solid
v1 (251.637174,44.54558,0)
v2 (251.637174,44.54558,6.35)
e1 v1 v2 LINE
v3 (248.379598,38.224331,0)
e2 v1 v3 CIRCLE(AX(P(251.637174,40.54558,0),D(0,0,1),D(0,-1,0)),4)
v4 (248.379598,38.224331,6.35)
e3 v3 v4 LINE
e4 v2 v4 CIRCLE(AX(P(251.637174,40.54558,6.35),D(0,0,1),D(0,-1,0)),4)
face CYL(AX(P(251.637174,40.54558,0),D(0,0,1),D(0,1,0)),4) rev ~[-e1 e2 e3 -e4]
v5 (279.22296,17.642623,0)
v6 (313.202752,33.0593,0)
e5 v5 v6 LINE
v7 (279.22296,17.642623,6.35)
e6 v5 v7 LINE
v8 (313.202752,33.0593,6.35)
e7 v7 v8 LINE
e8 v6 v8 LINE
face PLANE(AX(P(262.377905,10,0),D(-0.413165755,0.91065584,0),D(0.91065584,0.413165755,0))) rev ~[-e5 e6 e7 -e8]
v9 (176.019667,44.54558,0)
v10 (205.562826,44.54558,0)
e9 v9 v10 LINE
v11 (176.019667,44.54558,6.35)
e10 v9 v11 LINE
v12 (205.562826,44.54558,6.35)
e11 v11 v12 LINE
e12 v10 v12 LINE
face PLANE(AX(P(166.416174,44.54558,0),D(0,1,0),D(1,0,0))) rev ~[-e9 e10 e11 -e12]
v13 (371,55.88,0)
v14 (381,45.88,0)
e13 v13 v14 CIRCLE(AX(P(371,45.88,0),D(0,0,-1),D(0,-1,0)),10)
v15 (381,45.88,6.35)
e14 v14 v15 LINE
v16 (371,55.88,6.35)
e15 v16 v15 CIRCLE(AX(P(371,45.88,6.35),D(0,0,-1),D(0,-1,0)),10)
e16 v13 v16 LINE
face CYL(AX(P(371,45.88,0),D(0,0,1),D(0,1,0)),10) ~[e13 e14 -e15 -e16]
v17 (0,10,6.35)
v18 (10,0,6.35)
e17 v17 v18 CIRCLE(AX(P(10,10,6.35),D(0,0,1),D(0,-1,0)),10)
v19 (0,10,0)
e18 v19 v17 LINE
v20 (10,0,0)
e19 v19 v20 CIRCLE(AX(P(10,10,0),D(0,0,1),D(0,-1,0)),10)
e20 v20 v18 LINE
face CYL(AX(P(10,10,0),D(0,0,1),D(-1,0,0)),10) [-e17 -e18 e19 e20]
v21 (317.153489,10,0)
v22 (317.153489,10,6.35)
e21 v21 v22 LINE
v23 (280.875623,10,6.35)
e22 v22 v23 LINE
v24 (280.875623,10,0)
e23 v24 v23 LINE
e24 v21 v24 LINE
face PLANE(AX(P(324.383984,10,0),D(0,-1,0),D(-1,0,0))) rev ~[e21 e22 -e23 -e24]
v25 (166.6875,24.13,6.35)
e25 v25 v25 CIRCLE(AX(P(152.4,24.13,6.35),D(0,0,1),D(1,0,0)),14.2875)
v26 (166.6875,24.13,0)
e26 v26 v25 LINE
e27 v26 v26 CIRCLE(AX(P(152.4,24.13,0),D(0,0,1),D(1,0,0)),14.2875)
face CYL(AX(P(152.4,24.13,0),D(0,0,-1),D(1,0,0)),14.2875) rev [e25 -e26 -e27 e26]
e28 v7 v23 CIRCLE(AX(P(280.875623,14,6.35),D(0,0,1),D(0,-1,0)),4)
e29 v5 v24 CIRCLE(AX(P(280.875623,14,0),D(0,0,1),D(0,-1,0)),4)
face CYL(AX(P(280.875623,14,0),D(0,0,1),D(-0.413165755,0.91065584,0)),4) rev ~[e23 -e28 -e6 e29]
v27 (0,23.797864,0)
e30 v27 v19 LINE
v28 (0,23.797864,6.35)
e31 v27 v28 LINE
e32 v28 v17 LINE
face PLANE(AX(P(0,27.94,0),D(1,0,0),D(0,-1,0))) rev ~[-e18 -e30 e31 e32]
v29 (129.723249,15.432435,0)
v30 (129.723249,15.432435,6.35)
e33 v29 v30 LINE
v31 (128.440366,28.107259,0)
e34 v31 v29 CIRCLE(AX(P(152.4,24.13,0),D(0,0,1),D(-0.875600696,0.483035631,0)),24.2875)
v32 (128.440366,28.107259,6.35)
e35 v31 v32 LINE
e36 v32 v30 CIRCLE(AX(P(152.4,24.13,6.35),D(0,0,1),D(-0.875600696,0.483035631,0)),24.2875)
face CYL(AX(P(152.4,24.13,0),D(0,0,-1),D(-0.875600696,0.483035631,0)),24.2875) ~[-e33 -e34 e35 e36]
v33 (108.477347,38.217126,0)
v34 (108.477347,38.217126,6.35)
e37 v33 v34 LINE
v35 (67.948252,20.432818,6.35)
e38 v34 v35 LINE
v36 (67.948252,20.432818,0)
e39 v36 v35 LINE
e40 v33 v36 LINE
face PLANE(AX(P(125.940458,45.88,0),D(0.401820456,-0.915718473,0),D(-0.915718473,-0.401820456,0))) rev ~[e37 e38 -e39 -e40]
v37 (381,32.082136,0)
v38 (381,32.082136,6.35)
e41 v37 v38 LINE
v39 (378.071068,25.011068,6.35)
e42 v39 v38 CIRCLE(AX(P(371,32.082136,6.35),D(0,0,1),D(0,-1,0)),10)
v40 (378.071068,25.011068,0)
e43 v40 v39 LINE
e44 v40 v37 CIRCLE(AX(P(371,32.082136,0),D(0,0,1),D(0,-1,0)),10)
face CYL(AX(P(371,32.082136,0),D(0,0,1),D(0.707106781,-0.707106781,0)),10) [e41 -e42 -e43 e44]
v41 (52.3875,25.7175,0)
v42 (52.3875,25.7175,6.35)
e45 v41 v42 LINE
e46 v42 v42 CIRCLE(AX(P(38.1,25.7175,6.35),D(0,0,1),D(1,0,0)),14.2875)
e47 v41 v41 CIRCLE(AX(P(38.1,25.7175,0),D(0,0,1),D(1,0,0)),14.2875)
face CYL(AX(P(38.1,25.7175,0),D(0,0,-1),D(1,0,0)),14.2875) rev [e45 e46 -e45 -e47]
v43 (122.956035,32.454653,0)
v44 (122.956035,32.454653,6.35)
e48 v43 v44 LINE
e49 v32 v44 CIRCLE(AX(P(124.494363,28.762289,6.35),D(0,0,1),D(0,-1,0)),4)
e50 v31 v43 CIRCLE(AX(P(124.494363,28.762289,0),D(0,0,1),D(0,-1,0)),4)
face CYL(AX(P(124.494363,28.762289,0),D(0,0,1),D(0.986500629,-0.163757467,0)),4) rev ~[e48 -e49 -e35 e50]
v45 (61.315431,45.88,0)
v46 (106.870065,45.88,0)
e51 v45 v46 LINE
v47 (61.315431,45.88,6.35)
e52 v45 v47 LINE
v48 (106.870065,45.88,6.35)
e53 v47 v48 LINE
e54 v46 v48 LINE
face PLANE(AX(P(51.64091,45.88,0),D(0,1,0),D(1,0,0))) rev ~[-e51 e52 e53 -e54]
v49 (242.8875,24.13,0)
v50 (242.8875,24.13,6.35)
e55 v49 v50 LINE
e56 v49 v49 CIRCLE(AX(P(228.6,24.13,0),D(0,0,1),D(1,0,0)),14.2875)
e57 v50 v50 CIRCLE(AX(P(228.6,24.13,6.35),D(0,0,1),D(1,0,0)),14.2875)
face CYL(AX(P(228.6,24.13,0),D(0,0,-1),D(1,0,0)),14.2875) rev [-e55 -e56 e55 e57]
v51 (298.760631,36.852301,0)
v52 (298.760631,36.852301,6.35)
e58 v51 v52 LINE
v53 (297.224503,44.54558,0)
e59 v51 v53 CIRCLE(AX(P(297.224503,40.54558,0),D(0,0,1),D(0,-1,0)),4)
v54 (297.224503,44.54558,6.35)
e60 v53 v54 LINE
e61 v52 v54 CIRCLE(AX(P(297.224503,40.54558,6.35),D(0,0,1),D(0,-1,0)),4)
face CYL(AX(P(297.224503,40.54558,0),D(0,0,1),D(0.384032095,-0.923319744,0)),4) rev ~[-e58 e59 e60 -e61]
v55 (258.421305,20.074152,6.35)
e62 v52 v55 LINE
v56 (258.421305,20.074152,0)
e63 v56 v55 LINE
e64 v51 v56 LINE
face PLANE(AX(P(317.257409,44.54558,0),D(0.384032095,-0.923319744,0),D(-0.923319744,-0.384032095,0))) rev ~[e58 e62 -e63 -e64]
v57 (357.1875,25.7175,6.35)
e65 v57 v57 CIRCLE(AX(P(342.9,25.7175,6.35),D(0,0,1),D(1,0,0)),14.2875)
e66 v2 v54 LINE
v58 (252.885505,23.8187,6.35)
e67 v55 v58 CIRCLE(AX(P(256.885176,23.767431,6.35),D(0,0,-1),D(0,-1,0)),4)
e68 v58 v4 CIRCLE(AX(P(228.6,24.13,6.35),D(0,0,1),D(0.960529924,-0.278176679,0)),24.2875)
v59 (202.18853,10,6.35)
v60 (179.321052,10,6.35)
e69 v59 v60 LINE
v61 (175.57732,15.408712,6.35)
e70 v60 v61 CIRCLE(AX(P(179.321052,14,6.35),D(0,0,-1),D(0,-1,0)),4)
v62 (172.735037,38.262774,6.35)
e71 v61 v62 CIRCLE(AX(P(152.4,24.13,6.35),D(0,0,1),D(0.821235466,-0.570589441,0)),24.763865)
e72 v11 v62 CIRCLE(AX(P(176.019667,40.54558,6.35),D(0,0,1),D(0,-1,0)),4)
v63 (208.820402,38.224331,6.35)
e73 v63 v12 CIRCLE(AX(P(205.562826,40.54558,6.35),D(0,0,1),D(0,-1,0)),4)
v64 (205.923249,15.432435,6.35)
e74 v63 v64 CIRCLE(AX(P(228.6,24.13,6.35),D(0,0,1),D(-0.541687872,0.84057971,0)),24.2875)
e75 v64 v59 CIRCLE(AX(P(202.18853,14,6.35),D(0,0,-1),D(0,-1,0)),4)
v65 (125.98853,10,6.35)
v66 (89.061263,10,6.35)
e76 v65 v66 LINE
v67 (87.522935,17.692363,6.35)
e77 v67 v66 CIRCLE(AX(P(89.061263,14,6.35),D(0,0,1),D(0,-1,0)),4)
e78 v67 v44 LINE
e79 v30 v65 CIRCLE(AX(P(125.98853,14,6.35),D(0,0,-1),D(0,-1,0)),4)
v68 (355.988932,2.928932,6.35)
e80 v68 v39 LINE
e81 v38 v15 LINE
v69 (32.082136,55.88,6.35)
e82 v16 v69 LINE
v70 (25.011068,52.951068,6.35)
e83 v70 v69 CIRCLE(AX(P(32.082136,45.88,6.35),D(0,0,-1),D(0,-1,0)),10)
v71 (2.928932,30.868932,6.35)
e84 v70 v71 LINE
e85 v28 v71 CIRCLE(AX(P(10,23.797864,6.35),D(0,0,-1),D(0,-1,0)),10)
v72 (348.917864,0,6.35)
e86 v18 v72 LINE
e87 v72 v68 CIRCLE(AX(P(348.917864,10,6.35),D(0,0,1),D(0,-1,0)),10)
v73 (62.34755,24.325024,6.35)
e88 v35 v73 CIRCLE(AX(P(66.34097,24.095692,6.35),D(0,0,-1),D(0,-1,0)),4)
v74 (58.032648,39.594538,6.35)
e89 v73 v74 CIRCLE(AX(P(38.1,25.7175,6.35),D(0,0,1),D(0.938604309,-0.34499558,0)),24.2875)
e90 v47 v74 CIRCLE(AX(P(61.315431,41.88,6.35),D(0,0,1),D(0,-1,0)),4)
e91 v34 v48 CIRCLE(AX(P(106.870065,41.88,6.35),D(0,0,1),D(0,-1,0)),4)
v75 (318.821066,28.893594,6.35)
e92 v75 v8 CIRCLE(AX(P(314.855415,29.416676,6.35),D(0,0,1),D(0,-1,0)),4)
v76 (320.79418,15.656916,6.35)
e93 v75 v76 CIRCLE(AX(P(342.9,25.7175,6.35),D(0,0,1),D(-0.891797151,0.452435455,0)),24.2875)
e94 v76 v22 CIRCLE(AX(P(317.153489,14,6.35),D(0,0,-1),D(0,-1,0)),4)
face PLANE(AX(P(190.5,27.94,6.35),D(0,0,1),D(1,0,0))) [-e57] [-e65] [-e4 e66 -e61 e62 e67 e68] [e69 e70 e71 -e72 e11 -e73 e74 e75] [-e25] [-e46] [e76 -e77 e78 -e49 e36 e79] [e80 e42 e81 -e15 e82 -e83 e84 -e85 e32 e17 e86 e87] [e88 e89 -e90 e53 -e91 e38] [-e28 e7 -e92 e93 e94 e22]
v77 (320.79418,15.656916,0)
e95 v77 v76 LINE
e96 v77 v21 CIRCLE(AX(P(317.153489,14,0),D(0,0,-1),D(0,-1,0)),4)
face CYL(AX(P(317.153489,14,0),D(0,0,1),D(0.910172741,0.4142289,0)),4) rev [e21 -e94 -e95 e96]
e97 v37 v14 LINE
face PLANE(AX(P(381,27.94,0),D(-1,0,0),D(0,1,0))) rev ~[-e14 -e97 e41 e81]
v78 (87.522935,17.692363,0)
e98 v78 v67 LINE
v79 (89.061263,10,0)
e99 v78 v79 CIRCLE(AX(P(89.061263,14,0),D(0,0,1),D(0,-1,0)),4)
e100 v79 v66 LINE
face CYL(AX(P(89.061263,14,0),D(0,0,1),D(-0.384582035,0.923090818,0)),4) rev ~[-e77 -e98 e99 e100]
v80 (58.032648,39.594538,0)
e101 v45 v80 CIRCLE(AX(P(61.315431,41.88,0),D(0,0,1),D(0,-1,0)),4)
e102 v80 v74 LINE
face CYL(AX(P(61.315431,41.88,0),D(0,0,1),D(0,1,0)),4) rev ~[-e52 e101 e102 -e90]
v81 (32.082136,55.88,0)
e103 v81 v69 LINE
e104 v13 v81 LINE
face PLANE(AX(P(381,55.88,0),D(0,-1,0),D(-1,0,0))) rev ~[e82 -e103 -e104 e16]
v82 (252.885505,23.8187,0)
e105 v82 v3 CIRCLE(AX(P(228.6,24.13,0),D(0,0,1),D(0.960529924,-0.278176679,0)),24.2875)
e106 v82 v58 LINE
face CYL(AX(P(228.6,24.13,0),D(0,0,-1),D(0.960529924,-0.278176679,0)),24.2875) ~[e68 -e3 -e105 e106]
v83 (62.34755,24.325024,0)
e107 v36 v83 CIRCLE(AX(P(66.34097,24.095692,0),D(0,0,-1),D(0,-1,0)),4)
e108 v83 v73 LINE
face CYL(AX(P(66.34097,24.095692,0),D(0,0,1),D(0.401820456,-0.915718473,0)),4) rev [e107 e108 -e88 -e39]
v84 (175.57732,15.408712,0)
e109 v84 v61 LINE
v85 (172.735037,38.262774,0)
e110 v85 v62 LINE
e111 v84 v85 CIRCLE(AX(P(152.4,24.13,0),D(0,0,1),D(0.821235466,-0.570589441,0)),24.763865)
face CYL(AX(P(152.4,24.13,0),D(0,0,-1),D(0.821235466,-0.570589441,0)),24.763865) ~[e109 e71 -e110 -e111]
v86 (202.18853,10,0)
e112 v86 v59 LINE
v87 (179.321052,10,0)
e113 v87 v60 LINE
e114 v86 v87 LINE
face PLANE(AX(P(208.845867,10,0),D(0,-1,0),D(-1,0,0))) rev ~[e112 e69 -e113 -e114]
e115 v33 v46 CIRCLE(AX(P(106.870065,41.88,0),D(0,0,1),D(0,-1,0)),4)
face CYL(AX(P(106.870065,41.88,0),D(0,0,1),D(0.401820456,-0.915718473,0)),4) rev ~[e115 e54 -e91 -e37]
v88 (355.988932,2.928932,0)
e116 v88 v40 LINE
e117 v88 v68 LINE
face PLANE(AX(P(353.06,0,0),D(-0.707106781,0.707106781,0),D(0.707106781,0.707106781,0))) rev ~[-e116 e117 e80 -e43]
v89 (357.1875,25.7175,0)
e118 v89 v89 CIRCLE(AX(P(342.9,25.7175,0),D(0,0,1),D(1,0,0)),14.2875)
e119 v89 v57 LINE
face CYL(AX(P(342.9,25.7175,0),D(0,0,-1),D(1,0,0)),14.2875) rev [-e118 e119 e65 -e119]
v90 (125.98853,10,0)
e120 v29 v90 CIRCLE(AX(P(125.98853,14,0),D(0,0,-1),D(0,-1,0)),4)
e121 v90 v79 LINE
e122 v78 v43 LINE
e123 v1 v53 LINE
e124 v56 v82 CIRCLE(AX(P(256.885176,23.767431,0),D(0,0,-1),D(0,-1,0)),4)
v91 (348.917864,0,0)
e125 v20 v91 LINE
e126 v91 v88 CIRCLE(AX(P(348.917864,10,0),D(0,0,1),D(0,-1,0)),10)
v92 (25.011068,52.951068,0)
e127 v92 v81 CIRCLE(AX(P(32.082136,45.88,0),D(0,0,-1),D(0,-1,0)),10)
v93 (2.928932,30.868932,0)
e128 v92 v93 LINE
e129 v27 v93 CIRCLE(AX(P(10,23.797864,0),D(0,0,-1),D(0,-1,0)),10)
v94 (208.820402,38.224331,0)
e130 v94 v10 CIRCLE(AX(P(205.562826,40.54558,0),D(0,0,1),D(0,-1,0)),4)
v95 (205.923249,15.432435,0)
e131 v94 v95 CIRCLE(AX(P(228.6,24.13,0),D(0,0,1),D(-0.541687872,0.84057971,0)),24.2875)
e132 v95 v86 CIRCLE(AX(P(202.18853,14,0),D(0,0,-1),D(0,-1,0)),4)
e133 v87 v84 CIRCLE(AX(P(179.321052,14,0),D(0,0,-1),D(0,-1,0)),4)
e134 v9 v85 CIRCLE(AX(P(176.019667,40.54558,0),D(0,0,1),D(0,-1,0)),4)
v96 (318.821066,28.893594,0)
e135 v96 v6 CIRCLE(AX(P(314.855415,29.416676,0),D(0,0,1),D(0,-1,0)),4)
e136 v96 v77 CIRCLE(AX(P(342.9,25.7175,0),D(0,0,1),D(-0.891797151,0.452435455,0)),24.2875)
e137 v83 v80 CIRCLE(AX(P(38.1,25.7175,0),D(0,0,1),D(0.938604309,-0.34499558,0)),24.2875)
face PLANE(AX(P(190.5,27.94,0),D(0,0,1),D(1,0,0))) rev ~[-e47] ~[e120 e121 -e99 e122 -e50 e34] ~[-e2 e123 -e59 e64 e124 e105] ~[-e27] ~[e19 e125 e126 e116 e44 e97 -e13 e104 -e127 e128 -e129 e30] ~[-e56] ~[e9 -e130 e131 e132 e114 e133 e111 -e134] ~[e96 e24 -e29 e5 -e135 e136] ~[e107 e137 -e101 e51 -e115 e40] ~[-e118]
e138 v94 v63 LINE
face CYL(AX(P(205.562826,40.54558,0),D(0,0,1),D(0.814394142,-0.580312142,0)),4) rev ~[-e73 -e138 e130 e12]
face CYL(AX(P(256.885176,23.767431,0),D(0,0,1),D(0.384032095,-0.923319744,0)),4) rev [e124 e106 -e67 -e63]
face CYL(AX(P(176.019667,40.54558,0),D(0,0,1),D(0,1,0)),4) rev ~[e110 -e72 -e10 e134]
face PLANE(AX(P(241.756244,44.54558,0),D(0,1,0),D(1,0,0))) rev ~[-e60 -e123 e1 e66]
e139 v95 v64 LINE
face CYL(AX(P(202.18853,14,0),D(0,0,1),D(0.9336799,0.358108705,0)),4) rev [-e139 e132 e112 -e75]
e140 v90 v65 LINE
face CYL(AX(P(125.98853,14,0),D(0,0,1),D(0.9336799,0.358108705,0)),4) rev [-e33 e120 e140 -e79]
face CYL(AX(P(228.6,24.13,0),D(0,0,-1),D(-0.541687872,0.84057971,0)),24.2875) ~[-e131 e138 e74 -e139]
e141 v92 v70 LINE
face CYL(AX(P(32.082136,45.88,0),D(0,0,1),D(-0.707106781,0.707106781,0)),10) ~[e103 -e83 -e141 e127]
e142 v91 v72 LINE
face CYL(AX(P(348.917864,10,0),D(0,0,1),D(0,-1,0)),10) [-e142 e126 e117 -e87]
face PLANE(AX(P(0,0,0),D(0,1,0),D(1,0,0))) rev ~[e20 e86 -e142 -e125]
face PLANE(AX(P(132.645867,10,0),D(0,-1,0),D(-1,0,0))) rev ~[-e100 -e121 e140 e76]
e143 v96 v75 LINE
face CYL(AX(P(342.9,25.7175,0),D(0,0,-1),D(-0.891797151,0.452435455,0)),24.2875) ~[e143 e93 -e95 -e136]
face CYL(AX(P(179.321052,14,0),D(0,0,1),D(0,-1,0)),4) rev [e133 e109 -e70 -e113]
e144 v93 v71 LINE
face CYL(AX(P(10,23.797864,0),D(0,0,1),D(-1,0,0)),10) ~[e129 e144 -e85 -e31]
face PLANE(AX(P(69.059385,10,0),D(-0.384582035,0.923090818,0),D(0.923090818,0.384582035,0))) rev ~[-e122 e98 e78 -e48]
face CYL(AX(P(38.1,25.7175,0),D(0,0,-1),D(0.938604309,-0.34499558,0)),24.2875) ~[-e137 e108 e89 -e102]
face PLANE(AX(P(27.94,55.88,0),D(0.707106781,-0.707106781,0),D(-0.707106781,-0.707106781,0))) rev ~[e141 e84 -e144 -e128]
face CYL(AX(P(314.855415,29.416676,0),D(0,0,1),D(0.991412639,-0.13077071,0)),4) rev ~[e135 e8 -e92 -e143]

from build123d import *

# Parameters (mm, degrees)
SKETCH1_R           = 14.2875
BOSS_EXTRUDE1_DEPTH = 6.35
FILLET1_R           = 10
FILLET2_R           = 4
FILLET3_R           = 4


with BuildPart() as part:
    # Sketch1 → Boss-Extrude1 (new body)
    with BuildSketch(Plane.XY):
        Polygon((0, 27.94), (0, 0), (353.06, 0), (363.06, 10), (381, 27.94), (381, 55.88), (27.94, 55.88), align=None)
        with Locations((38.1, 25.7175)):
            Circle(SKETCH1_R, mode=Mode.SUBTRACT)
        with BuildLine():
            Line((132.645867363, 10), (69.059384531, 10))
            Line((69.059384531, 10), (131.13384809, 35.861727885))
            ThreePointArc((131.13384809, 35.861727885), (128.153903852, 22.712439471), (132.645867363, 10))
        make_face(mode=Mode.SUBTRACT)
        with Locations((152.4, 24.13)):
            Circle(SKETCH1_R, mode=Mode.SUBTRACT)
        with Locations((228.6, 24.13)):
            Circle(SKETCH1_R, mode=Mode.SUBTRACT)
        with BuildLine():
            Line((208.845867363, 10), (172.736964373, 10))
            ThreePointArc((172.736964373, 10), (176.759470296, 28.58704238), (166.416173693, 44.54557971))
            Line((166.416173693, 44.54557971), (215.443755804, 44.54557971))
            ThreePointArc((215.443755804, 44.54557971), (204.743711621, 28.686331972), (208.845867363, 10))
        make_face(mode=Mode.SUBTRACT)
        with BuildLine():
            Line((324.38398396, 10), (262.377905487, 10))
            Line((262.377905487, 10), (321.240476687, 36.706026112))
            ThreePointArc((321.240476687, 36.706026112), (318.779024724, 22.878273345), (324.38398396, 10))
        make_face(mode=Mode.SUBTRACT)
        with Locations((342.9, 25.7175)):
            Circle(SKETCH1_R, mode=Mode.SUBTRACT)
        with BuildLine():
            ThreePointArc((60.896352165, 17.338419846), (61.203129855, 33.209365398), (51.640910235, 45.88))
            Line((51.640910235, 45.88), (125.940457816, 45.88))
            Line((125.940457816, 45.88), (60.896352165, 17.338419846))
        make_face(mode=Mode.SUBTRACT)
        with BuildLine():
            ThreePointArc((251.928870535, 17.373783913), (251.345714342, 32.645581912), (241.756244196, 44.54557971))
            Line((241.756244196, 44.54557971), (317.257409157, 44.54557971))
            Line((317.257409157, 44.54557971), (251.928870535, 17.373783913))
        make_face(mode=Mode.SUBTRACT)
    extrude(amount=BOSS_EXTRUDE1_DEPTH)

    # Fillet1
    fillet1_edges = [part.edges().sort_by_distance(p)[0] for p in [
        (0, 0, 3.175),
        (0, 27.94, 3.175),
        (27.94, 55.88, 3.175),
        (381, 55.88, 3.175),
        (381, 27.94, 3.175),
        (353.06, 0, 3.175),
    ]]
    fillet(fillet1_edges, radius=FILLET1_R)

    # Fillet2
    fillet2_edges = [part.edges().sort_by_distance(p)[0] for p in [
        (208.845867363, 10, 3.175),
        (215.443755804, 44.54557971, 3.175),
        (166.416173693, 44.54557971, 3.175),
        (172.736964373, 10, 3.175),
        (69.059384531, 10, 3.175),
        (131.13384809, 35.861727885, 3.175),
        (125.940457816, 45.88, 3.175),
        (60.896352165, 17.338419846, 3.175),
        (251.928870535, 17.373783913, 3.175),
        (317.257409157, 44.54557971, 3.175),
        (321.240476687, 36.706026112, 3.175),
        (262.377905487, 10, 3.175),
    ]]
    fillet(fillet2_edges, radius=FILLET2_R)

    # Fillet3
    fillet3_edges = [part.edges().sort_by_distance(p)[0] for p in [
        (132.645867363, 10, 3.175),
        (51.640910235, 45.88, 3.175),
        (241.756244196, 44.54557971, 3.175),
        (324.38398396, 10, 3.175),
    ]]
    fillet(fillet3_edges, radius=FILLET3_R)


solid = part.part
